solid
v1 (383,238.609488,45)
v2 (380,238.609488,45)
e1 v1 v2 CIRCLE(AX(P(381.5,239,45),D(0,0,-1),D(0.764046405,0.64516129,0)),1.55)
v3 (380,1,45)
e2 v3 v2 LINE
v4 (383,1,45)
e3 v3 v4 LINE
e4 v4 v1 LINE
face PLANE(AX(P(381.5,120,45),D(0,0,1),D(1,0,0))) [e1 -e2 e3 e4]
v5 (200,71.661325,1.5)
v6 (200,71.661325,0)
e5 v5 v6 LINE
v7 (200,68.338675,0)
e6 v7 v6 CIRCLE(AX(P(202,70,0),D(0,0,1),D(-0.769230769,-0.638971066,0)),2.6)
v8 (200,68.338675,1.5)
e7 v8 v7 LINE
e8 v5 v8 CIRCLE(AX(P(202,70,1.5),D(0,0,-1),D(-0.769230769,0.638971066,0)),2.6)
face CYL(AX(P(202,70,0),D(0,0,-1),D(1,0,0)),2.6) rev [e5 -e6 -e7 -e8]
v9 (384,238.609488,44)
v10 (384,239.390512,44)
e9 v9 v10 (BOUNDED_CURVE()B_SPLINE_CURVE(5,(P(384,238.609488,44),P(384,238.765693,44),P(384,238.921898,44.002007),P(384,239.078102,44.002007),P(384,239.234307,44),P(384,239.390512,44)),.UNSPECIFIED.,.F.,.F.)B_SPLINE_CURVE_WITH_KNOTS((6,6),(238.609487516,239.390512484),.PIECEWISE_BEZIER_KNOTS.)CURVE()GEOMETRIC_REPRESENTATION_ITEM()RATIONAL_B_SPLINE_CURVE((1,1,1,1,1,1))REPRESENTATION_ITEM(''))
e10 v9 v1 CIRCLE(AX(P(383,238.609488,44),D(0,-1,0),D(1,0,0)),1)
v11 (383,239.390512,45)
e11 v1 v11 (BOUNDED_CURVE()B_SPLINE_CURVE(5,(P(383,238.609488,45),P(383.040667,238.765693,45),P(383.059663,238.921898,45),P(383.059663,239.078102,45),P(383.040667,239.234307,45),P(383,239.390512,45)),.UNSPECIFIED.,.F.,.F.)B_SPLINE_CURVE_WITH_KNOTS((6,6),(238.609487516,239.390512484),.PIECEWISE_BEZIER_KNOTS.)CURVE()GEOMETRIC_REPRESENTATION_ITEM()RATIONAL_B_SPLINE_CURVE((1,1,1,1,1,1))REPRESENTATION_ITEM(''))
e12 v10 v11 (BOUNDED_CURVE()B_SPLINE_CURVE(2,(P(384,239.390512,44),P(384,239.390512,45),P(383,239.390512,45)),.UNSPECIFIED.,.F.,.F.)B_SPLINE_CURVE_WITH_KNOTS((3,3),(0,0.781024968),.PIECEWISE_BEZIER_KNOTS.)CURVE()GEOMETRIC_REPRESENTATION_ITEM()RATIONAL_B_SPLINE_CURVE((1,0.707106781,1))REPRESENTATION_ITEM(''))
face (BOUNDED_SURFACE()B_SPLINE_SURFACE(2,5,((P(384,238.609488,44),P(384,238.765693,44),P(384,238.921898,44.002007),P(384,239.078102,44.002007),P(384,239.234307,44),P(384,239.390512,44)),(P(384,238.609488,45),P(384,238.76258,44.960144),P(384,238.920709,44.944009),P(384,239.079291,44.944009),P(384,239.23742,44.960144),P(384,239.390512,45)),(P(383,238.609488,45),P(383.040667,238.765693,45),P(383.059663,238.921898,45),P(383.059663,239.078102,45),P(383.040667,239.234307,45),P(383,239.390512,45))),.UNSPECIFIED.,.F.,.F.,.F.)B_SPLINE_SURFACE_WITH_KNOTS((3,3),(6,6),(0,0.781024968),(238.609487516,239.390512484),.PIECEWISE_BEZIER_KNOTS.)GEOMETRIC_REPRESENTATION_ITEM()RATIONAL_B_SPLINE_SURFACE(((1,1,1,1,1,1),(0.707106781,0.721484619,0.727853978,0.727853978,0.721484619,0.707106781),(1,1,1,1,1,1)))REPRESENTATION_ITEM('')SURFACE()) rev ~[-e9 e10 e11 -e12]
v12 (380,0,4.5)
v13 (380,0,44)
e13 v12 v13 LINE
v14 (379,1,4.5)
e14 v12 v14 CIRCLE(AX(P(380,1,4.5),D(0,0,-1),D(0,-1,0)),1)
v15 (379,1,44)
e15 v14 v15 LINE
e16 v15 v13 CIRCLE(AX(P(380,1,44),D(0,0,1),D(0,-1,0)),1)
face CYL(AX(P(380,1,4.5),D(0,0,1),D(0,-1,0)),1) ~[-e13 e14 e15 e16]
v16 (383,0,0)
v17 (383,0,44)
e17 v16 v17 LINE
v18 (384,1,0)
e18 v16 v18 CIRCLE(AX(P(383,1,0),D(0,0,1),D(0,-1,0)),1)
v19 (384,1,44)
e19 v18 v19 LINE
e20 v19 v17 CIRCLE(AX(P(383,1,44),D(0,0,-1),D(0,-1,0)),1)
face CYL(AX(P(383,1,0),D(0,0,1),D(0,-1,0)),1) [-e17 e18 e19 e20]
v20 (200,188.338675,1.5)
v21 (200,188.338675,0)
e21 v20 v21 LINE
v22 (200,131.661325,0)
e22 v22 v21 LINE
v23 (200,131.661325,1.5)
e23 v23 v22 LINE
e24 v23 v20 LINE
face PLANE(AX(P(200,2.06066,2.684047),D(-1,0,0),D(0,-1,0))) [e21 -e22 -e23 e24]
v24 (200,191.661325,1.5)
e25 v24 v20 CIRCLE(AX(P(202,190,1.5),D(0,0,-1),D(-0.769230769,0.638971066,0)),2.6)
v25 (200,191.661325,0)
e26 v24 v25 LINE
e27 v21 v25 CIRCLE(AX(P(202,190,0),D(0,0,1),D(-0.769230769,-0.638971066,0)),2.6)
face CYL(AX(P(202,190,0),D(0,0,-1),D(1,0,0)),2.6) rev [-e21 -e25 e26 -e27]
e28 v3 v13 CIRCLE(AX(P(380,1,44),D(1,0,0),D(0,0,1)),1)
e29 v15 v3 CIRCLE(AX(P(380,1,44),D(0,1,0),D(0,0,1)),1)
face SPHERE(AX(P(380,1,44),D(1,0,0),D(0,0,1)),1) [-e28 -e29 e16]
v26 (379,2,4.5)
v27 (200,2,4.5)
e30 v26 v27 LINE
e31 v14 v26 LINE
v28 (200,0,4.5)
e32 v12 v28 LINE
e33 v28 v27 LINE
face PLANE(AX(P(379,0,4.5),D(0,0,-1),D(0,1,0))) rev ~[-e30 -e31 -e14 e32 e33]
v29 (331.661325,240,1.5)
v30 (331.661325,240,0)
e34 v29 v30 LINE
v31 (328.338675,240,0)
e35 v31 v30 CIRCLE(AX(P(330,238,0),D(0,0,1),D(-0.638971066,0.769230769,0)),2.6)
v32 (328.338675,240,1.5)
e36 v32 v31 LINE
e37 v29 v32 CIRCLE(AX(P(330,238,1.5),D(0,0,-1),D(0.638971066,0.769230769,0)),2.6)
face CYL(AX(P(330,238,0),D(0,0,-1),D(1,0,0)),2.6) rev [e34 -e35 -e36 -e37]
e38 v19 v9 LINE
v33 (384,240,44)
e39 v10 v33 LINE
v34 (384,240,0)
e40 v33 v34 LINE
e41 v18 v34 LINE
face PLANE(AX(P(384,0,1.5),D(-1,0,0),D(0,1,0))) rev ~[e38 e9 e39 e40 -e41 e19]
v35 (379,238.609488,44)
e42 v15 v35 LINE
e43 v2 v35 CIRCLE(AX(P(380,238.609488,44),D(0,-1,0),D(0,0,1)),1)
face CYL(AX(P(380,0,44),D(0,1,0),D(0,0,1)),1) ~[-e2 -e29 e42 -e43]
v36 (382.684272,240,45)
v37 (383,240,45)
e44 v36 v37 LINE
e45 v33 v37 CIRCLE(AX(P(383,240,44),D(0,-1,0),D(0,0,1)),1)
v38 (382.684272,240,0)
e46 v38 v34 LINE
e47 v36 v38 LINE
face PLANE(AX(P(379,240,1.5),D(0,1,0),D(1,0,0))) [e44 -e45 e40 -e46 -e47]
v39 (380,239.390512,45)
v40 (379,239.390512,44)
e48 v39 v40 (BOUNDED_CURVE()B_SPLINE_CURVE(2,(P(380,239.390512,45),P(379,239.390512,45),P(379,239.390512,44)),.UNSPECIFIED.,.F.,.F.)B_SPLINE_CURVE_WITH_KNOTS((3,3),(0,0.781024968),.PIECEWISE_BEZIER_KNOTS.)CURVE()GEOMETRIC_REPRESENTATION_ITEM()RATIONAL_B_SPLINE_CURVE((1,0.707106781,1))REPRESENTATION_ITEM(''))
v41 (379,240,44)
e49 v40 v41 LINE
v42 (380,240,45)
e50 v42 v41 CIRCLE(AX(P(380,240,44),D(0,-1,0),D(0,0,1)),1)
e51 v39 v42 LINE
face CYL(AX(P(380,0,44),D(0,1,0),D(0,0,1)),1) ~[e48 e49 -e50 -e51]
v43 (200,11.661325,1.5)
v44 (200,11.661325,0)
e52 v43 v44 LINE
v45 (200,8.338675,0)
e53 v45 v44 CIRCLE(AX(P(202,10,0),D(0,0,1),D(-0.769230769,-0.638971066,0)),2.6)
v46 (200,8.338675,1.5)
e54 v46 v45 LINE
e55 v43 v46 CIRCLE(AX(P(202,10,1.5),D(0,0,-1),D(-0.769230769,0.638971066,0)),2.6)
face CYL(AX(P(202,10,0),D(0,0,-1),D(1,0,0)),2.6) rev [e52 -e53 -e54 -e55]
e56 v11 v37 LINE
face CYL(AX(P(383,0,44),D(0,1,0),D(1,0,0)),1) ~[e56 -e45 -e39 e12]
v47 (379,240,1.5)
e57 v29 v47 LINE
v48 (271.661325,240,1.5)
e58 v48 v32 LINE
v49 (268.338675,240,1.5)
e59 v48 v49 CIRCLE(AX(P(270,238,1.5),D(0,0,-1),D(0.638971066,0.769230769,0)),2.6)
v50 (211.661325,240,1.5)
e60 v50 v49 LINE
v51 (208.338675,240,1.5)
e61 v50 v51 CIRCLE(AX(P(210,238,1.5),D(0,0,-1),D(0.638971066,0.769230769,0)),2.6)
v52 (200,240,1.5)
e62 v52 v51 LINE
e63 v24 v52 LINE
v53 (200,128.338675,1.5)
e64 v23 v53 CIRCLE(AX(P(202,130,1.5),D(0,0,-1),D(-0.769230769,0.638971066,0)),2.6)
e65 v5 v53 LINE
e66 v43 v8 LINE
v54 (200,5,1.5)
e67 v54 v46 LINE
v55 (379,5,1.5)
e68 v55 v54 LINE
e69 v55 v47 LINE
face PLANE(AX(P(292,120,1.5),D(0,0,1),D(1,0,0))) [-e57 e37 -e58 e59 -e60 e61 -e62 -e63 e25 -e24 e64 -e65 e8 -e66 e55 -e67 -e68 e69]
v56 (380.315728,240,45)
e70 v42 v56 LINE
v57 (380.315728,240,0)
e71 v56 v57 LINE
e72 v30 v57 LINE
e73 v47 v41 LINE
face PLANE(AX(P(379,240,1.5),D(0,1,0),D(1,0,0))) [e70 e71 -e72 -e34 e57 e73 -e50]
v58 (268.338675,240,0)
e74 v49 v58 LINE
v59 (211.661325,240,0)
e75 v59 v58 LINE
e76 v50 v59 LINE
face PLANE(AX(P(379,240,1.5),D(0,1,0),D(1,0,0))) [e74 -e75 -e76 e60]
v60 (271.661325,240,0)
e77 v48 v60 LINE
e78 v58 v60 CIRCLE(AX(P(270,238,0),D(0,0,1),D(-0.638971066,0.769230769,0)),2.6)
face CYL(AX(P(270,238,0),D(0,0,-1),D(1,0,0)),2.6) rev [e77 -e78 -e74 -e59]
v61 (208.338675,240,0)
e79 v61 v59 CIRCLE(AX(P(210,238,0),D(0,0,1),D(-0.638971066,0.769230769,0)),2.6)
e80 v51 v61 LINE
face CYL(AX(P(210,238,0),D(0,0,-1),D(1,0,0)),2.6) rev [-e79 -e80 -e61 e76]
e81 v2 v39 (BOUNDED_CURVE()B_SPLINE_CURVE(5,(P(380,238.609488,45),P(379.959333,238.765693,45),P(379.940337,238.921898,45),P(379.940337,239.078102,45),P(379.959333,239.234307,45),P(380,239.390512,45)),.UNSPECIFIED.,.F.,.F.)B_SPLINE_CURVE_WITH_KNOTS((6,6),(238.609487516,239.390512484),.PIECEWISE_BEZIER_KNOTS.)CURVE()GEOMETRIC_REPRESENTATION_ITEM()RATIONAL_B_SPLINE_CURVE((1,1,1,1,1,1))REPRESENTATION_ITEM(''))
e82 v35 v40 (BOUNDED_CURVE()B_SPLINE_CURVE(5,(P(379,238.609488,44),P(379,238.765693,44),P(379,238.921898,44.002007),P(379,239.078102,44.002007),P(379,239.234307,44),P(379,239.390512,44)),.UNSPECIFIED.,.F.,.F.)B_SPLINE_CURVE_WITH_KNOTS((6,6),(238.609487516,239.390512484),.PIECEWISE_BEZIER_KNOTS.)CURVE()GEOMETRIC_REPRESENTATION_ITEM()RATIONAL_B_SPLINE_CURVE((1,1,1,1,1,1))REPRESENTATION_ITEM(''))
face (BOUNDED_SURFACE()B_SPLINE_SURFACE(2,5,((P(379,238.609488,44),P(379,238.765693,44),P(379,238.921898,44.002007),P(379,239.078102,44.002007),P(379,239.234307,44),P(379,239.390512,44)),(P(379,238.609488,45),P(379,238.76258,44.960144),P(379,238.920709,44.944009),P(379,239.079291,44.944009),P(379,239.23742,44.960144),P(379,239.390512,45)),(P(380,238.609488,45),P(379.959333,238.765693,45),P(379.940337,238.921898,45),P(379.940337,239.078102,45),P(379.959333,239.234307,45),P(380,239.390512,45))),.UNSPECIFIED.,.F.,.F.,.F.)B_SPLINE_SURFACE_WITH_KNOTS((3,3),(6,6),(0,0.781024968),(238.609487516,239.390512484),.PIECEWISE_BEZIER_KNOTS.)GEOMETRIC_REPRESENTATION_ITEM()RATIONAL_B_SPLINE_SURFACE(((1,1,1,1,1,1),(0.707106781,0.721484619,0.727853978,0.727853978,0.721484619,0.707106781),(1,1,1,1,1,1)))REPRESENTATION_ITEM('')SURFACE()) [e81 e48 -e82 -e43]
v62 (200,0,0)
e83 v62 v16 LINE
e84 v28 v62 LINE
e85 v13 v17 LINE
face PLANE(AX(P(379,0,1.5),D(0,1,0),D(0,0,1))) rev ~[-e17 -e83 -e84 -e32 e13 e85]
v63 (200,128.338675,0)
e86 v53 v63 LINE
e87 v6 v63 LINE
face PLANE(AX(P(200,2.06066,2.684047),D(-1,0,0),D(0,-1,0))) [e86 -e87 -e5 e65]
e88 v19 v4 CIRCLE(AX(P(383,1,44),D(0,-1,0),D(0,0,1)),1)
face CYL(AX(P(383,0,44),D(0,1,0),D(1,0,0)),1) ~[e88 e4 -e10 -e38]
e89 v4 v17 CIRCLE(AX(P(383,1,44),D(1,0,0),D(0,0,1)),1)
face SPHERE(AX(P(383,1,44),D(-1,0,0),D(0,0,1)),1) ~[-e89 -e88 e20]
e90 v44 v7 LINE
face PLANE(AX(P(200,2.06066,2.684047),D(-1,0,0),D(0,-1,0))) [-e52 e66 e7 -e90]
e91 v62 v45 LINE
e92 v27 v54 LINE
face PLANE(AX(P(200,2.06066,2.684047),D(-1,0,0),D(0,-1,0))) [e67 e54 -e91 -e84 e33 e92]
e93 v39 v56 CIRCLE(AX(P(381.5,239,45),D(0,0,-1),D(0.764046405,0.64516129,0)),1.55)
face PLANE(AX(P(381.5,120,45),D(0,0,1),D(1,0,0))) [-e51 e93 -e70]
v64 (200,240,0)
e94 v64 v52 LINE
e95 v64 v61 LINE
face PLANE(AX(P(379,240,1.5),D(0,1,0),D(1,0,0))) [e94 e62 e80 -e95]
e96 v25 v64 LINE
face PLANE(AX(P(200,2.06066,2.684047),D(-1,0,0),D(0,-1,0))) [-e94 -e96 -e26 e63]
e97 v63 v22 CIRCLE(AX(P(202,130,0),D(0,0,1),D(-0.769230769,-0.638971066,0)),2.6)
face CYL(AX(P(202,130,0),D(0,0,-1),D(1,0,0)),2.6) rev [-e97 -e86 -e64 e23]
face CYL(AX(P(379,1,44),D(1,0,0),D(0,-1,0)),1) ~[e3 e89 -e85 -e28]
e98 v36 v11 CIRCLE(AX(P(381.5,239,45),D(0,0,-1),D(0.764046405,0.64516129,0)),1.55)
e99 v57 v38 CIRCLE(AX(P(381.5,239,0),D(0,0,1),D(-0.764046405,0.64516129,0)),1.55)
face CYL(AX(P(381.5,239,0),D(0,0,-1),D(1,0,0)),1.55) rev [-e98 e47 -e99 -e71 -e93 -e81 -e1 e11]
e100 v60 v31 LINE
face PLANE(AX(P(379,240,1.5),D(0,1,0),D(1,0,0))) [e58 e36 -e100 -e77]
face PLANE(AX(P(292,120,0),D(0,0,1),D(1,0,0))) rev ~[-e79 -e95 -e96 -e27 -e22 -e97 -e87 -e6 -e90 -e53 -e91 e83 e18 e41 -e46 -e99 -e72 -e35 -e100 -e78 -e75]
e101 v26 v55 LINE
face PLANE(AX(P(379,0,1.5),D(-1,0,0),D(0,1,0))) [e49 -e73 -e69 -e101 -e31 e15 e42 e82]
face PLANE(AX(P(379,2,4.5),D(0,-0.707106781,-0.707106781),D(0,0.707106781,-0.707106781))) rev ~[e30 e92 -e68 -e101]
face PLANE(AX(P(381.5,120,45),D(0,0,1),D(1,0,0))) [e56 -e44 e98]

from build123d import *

# Parameters (mm, degrees)
SKETCH007_W            = 184
SKETCH007_H            = 240
PAD006_DEPTH           = 1.5
SKETCH009_W            = 5
SKETCH009_H            = 240
PAD007_DEPTH           = 43.5
PAD008_DEPTH           = 179
SKETCH008_R            = 2.6
POCKET_DEPTH           = 45.001
LINEARPATTERN002_COUNT = 4
LINEARPATTERN002_PITCH = 60
SKETCH011_R            = 2.6
POCKET001_DEPTH        = 45.001
LINEARPATTERN003_COUNT = 3
LINEARPATTERN003_PITCH = 60
SKETCH012_R            = 1.55
POCKET002_DEPTH        = 45.001
FILLET003_R            = 1


with BuildPart() as part:
    # Sketch007 (on XY_Plane001 of Origin002) → Pad006 (new body)
    with BuildSketch(Plane.XY):
        with Locations((292, 120)):
            Rectangle(SKETCH007_W, SKETCH007_H)
    extrude(amount=PAD006_DEPTH)

    # Sketch009 (on Face4 of Pad006) → Pad007 (join)
    with BuildSketch(Plane.XY.offset(1.5)):
        with Locations((381.5, 120)):
            Rectangle(SKETCH009_W, SKETCH009_H)
    extrude(amount=PAD007_DEPTH)

    # Sketch010 (on Face4 of Pad007) → Pad008 (join)
    with BuildSketch(Plane(origin=(379, 0, 0), x_dir=(0, -1, 0), z_dir=(-1, 0, 0))):
        Polygon((0, 1.5), (0, 4.5), (-2, 4.5), (-5, 1.5), align=None)
    extrude(amount=PAD008_DEPTH)

    # Sketch008 (on XY_Plane001 of Origin002) → Pocket (cut, through all)
    with BuildSketch(Plane.XY):
        with Locations((202, 10)):
            Circle(SKETCH008_R)
    pocket = extrude(amount=POCKET_DEPTH, mode=Mode.SUBTRACT)

    # LinearPattern002: Pocket ×4
    with Locations(*[(0, i * LINEARPATTERN002_PITCH, 0) for i in range(1, LINEARPATTERN002_COUNT)]):
        add(pocket, mode=Mode.SUBTRACT)

    # Sketch011 (on XY_Plane001 of Origin002) → Pocket001 (cut, through all)
    with BuildSketch(Plane.XY):
        with Locations((210, 238)):
            Circle(SKETCH011_R)
    pocket001 = extrude(amount=POCKET001_DEPTH, mode=Mode.SUBTRACT)

    # LinearPattern003: Pocket001 ×3
    with Locations(*[(i * LINEARPATTERN003_PITCH, 0, 0) for i in range(1, LINEARPATTERN003_COUNT)]):
        add(pocket001, mode=Mode.SUBTRACT)

    # Sketch012 (on XY_Plane001 of Origin002) → Pocket002 (cut, through all)
    with BuildSketch(Plane.XY):
        with Locations((381.5, 239)):
            Circle(SKETCH012_R)
    extrude(amount=POCKET002_DEPTH, mode=Mode.SUBTRACT)

    # Fillet003
    fillet003_edges = [part.edges().sort_by_distance(p)[0] for p in [
        (381.5, 0, 45),
        (379, 120, 45),
        (384, 120, 45),
        (384, 0, 22.5),
        (379, 0, 24.75),
    ]]
    fillet(fillet003_edges, radius=FILLET003_R)


solid = part.part
